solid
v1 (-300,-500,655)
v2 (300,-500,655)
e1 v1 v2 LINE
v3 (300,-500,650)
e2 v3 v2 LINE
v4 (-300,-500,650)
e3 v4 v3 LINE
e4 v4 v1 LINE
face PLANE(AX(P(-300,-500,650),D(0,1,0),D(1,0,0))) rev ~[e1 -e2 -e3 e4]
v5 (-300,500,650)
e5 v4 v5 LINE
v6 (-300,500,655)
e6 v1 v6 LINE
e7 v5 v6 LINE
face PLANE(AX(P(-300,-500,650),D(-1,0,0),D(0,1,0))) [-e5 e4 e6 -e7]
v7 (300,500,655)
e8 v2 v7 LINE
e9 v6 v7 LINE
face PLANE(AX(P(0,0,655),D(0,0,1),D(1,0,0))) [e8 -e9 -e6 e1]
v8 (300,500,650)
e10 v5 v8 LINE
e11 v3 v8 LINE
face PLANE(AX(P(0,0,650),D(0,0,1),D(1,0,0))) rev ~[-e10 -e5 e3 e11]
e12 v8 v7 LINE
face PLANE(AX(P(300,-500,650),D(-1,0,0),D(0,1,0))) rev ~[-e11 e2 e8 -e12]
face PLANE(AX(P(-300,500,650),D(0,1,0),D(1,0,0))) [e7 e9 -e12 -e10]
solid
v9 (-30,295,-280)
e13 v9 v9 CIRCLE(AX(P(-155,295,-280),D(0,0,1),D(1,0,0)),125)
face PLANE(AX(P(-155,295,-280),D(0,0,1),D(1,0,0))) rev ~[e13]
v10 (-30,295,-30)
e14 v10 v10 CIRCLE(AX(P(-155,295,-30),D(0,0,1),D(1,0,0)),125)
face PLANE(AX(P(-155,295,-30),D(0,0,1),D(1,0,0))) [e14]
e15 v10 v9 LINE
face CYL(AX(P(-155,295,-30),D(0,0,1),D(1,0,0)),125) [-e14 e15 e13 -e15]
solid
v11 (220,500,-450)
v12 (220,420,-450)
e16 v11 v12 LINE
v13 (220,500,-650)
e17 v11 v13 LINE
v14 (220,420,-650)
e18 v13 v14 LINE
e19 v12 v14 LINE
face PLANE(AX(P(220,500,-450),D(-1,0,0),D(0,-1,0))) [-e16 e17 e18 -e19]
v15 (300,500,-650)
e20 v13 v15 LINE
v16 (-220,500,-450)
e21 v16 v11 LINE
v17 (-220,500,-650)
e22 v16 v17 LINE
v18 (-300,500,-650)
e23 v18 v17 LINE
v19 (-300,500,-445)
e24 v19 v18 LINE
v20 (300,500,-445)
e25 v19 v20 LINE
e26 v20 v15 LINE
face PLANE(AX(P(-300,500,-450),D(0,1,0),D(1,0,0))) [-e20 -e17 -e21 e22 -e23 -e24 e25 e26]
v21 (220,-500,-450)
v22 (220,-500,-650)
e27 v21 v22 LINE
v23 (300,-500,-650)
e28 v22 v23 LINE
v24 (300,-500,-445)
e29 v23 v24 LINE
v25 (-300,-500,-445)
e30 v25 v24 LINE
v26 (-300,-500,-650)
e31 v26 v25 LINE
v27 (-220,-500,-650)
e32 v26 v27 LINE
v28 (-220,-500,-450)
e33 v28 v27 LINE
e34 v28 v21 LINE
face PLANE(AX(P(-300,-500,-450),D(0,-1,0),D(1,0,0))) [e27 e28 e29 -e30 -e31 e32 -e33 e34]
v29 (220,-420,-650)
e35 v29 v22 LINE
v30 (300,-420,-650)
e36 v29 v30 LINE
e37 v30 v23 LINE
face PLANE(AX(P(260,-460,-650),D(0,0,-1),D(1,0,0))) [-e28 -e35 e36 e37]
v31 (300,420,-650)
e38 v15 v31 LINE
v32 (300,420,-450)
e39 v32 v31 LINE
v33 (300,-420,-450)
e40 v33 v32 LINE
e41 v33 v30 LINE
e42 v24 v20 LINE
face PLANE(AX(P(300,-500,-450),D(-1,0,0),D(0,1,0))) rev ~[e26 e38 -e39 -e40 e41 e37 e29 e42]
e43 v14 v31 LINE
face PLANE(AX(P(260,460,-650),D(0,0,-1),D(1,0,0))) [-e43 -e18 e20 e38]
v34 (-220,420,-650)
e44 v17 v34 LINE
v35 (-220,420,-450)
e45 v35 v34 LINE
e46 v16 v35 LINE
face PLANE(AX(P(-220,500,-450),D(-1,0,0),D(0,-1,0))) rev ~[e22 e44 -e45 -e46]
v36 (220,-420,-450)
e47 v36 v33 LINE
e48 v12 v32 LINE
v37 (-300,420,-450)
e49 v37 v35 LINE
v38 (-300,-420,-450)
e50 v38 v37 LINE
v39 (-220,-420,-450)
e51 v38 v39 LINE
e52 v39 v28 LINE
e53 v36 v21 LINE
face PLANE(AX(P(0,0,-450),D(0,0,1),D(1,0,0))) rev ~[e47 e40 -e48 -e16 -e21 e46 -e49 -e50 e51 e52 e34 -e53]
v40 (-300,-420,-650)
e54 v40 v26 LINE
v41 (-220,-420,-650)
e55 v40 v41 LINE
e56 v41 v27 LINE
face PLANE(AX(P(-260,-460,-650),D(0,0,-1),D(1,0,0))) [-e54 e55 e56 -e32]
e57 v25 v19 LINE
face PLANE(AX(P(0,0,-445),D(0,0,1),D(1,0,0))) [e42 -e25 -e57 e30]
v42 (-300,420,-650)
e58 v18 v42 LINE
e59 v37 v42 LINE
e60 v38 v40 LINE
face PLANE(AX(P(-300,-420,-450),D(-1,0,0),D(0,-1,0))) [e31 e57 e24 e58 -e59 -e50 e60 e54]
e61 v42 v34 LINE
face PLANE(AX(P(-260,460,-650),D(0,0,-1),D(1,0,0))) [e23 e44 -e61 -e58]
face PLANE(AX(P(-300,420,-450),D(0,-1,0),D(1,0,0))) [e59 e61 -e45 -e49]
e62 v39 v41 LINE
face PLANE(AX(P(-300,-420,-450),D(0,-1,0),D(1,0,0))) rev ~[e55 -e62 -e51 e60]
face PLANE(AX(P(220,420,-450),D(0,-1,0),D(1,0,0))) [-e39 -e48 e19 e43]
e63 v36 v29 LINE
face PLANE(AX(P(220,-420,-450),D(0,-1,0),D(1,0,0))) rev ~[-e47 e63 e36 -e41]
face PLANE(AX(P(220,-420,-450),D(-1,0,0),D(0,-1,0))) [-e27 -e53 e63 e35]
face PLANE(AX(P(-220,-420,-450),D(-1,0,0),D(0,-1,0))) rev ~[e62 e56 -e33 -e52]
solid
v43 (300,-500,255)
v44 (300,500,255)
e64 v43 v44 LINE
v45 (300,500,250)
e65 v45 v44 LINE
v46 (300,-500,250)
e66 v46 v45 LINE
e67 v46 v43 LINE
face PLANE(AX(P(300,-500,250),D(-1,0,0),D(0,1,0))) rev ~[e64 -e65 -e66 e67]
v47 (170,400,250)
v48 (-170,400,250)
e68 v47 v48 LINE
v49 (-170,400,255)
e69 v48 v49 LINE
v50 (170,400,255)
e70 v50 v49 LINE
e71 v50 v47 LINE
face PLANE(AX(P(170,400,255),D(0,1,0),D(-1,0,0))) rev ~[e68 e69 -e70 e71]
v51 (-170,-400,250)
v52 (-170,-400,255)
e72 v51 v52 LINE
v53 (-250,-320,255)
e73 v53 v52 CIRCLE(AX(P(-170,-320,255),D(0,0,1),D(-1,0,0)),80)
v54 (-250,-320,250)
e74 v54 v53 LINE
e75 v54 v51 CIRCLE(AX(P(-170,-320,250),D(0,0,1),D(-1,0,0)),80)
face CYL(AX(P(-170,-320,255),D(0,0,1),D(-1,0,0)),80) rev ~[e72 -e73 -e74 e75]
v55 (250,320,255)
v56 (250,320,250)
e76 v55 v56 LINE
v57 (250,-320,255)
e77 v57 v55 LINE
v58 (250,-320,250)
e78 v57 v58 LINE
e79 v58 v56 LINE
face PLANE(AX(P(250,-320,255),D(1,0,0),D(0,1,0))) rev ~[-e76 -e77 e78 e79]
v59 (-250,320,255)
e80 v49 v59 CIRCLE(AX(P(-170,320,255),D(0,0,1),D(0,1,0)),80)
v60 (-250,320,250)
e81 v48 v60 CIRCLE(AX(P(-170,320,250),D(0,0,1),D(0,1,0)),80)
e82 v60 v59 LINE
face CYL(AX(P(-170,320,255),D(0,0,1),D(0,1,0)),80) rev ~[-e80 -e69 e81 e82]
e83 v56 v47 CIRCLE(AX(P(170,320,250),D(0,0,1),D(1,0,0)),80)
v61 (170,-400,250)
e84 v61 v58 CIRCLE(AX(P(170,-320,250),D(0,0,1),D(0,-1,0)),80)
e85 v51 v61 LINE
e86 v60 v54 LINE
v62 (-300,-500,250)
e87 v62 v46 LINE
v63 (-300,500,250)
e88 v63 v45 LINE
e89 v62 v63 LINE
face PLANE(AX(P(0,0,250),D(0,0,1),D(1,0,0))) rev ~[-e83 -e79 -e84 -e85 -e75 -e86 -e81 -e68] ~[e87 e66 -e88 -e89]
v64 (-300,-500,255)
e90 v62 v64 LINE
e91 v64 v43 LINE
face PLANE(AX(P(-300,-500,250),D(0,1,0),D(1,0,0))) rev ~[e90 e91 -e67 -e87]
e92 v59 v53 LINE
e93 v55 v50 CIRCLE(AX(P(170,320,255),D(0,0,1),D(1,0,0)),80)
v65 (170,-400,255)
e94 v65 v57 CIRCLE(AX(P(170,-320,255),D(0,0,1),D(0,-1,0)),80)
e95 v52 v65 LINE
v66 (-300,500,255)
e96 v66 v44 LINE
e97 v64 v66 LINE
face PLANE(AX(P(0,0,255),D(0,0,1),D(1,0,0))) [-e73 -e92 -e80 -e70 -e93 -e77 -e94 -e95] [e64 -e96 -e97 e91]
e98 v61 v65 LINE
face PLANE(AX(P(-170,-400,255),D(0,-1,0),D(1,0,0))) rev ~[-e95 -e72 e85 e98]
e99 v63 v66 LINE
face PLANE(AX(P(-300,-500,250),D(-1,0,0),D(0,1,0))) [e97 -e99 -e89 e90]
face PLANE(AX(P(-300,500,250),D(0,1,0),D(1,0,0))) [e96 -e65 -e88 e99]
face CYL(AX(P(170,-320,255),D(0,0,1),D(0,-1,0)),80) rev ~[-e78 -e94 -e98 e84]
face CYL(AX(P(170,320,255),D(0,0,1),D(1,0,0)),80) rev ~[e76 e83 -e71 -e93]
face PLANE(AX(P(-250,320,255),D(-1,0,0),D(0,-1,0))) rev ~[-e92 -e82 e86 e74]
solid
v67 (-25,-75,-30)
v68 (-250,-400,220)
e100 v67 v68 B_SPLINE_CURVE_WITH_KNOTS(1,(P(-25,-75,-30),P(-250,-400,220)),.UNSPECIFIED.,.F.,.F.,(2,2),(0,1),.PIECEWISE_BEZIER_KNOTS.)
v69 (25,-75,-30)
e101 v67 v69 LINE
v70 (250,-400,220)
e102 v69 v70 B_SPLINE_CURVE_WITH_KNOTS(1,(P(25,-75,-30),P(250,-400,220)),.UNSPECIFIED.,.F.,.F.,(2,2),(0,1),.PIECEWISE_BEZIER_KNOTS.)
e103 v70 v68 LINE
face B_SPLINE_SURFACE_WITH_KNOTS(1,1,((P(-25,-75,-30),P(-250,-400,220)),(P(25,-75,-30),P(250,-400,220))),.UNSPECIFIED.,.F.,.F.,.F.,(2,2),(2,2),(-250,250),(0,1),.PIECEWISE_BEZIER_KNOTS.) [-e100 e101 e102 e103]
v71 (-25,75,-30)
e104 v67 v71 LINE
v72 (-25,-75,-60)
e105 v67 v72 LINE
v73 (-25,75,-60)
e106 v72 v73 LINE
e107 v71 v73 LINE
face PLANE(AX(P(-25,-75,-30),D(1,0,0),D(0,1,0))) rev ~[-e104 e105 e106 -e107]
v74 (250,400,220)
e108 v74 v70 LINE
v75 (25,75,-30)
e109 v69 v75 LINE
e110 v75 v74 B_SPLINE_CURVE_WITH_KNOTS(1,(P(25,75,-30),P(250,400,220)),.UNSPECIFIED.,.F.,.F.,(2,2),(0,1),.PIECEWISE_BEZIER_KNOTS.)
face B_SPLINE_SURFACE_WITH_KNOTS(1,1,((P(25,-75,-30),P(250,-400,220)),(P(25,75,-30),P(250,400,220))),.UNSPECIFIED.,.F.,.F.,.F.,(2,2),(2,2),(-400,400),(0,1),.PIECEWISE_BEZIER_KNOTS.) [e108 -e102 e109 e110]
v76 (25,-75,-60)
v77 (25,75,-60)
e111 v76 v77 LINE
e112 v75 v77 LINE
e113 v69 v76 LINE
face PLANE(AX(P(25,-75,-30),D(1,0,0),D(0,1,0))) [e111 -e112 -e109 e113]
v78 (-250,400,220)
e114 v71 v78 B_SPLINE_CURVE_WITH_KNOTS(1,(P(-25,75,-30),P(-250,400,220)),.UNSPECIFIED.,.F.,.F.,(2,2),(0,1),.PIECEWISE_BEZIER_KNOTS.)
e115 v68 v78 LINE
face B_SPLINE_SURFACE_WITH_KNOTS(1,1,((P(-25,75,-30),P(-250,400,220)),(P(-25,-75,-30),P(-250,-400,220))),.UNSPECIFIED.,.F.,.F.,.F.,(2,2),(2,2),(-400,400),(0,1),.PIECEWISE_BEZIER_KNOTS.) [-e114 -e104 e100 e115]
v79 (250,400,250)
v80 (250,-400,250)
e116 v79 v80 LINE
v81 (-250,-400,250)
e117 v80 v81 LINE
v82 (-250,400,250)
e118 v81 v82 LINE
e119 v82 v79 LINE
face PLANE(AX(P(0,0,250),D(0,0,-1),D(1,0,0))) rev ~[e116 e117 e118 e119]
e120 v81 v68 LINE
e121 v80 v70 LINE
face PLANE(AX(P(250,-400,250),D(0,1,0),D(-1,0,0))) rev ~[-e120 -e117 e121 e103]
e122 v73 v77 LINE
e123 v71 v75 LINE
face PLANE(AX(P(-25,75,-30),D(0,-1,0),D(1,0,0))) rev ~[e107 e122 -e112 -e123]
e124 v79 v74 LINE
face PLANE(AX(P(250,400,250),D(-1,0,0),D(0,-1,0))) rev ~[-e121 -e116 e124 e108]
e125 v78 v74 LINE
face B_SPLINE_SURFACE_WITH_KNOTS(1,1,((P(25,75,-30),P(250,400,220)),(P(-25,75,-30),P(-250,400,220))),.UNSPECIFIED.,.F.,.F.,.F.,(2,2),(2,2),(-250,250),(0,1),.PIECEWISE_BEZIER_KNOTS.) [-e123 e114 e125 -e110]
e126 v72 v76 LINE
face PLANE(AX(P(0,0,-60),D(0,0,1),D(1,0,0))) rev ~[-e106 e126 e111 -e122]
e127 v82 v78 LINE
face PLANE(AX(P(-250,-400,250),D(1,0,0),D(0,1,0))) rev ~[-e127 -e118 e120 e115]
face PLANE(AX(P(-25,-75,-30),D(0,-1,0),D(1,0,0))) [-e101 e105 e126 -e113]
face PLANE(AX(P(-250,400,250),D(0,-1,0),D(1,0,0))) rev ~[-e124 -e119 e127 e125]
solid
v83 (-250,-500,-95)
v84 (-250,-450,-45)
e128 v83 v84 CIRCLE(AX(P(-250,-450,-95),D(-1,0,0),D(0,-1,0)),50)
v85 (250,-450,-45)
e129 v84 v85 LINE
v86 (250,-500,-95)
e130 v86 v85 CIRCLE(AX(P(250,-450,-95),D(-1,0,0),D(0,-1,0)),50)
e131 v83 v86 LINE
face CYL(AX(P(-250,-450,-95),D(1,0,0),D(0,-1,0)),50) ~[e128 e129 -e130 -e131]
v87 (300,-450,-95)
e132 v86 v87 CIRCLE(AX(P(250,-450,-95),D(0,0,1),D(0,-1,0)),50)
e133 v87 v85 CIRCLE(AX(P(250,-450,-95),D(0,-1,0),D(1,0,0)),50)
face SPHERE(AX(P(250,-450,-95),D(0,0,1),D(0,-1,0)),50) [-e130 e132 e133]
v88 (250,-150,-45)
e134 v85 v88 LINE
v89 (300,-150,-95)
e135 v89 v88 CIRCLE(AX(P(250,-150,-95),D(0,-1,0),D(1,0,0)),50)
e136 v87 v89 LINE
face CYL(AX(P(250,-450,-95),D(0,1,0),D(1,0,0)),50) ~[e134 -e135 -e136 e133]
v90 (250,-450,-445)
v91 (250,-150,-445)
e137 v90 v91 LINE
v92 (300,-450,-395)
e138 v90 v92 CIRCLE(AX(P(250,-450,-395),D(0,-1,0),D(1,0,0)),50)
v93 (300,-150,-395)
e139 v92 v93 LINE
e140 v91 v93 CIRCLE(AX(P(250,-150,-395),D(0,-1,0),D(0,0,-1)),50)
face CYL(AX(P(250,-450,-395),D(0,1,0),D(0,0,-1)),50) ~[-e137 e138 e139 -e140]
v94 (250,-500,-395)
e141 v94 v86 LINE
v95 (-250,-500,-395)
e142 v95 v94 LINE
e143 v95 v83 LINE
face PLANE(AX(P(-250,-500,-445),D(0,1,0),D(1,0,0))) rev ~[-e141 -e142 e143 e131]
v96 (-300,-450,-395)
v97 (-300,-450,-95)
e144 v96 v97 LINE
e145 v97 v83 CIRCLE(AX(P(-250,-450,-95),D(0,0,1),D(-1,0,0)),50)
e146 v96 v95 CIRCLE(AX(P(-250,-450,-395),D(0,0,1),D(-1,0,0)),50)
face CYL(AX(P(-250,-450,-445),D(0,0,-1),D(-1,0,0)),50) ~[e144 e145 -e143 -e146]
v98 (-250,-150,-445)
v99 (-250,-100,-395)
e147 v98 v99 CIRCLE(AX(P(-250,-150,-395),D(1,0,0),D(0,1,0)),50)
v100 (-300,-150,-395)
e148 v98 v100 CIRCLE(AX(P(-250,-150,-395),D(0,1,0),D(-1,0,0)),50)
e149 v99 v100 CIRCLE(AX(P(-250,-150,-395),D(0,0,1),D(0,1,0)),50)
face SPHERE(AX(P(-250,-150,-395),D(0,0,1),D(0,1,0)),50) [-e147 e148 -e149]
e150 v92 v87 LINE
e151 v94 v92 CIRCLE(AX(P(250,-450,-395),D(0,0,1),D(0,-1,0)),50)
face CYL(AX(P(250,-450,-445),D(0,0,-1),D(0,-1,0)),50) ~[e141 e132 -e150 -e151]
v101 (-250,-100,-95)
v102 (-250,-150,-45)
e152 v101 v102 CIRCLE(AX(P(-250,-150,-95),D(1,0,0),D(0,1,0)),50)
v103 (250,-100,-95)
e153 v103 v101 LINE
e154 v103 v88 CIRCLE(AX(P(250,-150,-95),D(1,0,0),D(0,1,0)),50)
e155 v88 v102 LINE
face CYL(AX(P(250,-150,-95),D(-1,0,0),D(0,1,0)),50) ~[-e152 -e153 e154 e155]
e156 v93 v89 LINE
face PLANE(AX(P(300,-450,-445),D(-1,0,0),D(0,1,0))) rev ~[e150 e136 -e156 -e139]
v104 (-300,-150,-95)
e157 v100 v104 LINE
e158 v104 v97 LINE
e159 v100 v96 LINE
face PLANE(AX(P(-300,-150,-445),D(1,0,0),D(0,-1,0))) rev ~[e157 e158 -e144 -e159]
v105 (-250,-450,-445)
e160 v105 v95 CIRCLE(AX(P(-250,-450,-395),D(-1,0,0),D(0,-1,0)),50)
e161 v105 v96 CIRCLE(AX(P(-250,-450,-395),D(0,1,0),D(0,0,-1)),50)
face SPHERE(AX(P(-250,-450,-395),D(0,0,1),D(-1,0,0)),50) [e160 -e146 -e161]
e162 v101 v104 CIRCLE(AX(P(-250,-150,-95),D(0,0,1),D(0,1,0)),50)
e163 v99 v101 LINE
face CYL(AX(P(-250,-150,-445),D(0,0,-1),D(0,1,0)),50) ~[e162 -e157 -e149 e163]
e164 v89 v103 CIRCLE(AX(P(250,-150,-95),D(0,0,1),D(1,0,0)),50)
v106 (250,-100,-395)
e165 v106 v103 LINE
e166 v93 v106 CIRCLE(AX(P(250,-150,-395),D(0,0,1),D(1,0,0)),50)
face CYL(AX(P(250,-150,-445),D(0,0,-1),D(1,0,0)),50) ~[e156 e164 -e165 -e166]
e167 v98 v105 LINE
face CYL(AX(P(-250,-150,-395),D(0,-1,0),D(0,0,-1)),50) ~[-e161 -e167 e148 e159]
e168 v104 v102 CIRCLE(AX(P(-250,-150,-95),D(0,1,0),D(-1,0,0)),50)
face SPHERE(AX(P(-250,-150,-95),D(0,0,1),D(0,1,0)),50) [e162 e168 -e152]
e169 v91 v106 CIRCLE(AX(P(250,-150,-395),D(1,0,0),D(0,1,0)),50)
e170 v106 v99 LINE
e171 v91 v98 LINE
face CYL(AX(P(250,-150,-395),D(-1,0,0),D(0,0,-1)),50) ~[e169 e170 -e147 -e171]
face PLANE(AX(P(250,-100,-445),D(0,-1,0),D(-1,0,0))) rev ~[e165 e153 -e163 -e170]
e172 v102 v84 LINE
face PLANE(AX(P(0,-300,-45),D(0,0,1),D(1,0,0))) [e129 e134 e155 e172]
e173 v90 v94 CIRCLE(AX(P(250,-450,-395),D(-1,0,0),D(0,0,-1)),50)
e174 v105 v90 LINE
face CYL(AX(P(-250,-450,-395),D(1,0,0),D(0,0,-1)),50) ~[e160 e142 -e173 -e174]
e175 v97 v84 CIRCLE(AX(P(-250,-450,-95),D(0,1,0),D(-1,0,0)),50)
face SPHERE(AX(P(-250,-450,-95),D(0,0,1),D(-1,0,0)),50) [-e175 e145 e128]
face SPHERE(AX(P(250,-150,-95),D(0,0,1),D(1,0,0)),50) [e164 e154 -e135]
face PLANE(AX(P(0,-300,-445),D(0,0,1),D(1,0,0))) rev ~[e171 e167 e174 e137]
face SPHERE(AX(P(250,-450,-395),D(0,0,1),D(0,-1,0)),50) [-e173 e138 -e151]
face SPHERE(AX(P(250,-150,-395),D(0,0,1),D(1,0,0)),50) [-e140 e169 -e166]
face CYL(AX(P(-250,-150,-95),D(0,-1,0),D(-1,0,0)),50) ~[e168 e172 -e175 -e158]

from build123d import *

# Parameters (mm, degrees)
F4_W       = 600
F4_H       = 1000
F5_DEPTH   = 5
F7_DEPTH   = 400
F8_R       = 50
F9_R       = 50
F10_W      = 600
F10_H      = 1000
F11_DEPTH  = 5
F13_DEPTH  = 5
F15_DEPTH  = 30
F16_R      = 125
F17_DEPTH  = 250
F18_W      = 50
F18_H      = 150
F19_DEPTH  = 30
F19_FACE_W = 50
F19_FACE_H = 150
F15_FACE_W = 500
F15_FACE_H = 800
F21_W      = 600
F21_H      = 1000
F22_DEPTH  = 5
F23_W      = 80
F23_H      = 80
F24_DEPTH  = 200


with BuildPart() as f5:
    # F4 (on offset) → F5 (new body)
    with BuildSketch(Plane.XY.offset(-450)):
        Rectangle(F4_W, F4_H)
    extrude(amount=F5_DEPTH)

    # F23 (on face) → F24 (join)
    with BuildSketch(Plane(origin=(0, 0, -450), x_dir=(1, 0, 0), z_dir=(0, 0, -1))):
        with Locations((-260, 460)):
            Rectangle(F23_W, F23_H)
        with Locations((260, 460)):
            Rectangle(F23_W, F23_H)
        with Locations((260, -460)):
            Rectangle(F23_W, F23_H)
        with Locations((-260, -460)):
            Rectangle(F23_W, F23_H)
    extrude(amount=F24_DEPTH)


with BuildPart() as f7:
    # F6 (on face) → F7 (new body)
    with BuildSketch(Plane.XY.offset(-445)):
        with BuildLine():
            ThreePointArc((-300, -450), (-285.3553390593, -485.3553390593), (-250, -500))
            Line((-250, -500), (250, -500))
            ThreePointArc((250, -500), (285.3553390593, -485.3553390593), (300, -450))
            Line((300, -450), (300, -150))
            ThreePointArc((300, -150), (285.3553390593, -114.6446609407), (250, -100))
            Line((250, -100), (-250, -100))
            ThreePointArc((-250, -100), (-285.3553390593, -114.6446609407), (-300, -150))
            Line((-300, -150), (-300, -450))
        make_face()
    extrude(amount=F7_DEPTH)

    # F8
    f8_edges = [f7.edges().sort_by_distance(p)[0] for p in [
        (300, -300, -45),
    ]]
    fillet(f8_edges, radius=F8_R)

    # F9
    f9_edges = [f7.edges().sort_by_distance(p)[0] for p in [
        (-285.355339, -114.644661, -445),
        (-300, -300, -445),
        (-285.355339, -485.355339, -445),
        (0, -500, -445),
        (285.355339, -485.355339, -445),
        (300, -300, -445),
        (285.355339, -114.644661, -445),
        (0, -100, -445),
    ]]
    fillet(f9_edges, radius=F9_R)


with BuildPart() as f11:
    # F10 (on offset) → F11 (new body)
    with BuildSketch(Plane.XY.offset(250)):
        Rectangle(F10_W, F10_H)
    extrude(amount=F11_DEPTH)

    # F12 (on face) → F13 (cut, symmetric)
    with BuildSketch(Plane.XY.offset(255)):
        with BuildLine():
            Line((170, 400), (-170, 400))
            ThreePointArc((-170, 400), (-226.5685424949, 376.5685424949), (-250, 320))
            Line((-250, 320), (-250, -320))
            ThreePointArc((-250, -320), (-226.5685424949, -376.5685424949), (-170, -400))
            Line((-170, -400), (170, -400))
            ThreePointArc((170, -400), (226.5685424949, -376.5685424949), (250, -320))
            Line((250, -320), (250, 320))
            ThreePointArc((250, 320), (226.5685424949, 376.5685424949), (170, 400))
        make_face()
    extrude(amount=F13_DEPTH, both=True, mode=Mode.SUBTRACT)


with BuildPart() as f15:
    # F14 (on face) → F15 (new body)
    with BuildSketch(Plane(origin=(0, 0, 250), x_dir=(1, 0, 0), z_dir=(0, 0, -1))):
        Polygon((170, 400), (-170, 400), (-250, 400), (-250, 320), (-250, -320), (-250, -400), (-170, -400), (170, -400), (250, -400), (250, -320), (250, 320), (250, 400), align=None)
    extrude(amount=F15_DEPTH)



with BuildPart() as f17:
    # F16 (on offset) → F17 (new body)
    with BuildSketch(Plane.XY.offset(-30)):
        with Locations((-155, 295)):
            Circle(F16_R)
    extrude(amount=-F17_DEPTH)


with BuildPart() as f19:
    # F18 (on offset) → F19 (new body)
    with BuildSketch(Plane.XY.offset(-30)):
        Rectangle(F18_W, F18_H)
    extrude(amount=-F19_DEPTH)


with BuildPart() as f15_1:
    add(f15.part)

    add(f19.part)  # F20 merges F19
    # F19_face (on face) → F20 section 0
    with BuildSketch(Plane.XY.offset(-30)):
        Rectangle(F19_FACE_W, F19_FACE_H)
    # F15_face (on face) → F20 section 1
    with BuildSketch(Plane(origin=(0, 0, 220), x_dir=(1, 0, 0), z_dir=(0, 0, -1))):
        Rectangle(F15_FACE_W, F15_FACE_H)
    loft()


with BuildPart() as f22:
    # F21 (on offset) → F22 (new body)
    with BuildSketch(Plane.XY.offset(650)):
        Rectangle(F21_W, F21_H)
    extrude(amount=F22_DEPTH)


solid = Compound([f5.part, f7.part, f11.part, f17.part, f15_1.part, f22.part])
